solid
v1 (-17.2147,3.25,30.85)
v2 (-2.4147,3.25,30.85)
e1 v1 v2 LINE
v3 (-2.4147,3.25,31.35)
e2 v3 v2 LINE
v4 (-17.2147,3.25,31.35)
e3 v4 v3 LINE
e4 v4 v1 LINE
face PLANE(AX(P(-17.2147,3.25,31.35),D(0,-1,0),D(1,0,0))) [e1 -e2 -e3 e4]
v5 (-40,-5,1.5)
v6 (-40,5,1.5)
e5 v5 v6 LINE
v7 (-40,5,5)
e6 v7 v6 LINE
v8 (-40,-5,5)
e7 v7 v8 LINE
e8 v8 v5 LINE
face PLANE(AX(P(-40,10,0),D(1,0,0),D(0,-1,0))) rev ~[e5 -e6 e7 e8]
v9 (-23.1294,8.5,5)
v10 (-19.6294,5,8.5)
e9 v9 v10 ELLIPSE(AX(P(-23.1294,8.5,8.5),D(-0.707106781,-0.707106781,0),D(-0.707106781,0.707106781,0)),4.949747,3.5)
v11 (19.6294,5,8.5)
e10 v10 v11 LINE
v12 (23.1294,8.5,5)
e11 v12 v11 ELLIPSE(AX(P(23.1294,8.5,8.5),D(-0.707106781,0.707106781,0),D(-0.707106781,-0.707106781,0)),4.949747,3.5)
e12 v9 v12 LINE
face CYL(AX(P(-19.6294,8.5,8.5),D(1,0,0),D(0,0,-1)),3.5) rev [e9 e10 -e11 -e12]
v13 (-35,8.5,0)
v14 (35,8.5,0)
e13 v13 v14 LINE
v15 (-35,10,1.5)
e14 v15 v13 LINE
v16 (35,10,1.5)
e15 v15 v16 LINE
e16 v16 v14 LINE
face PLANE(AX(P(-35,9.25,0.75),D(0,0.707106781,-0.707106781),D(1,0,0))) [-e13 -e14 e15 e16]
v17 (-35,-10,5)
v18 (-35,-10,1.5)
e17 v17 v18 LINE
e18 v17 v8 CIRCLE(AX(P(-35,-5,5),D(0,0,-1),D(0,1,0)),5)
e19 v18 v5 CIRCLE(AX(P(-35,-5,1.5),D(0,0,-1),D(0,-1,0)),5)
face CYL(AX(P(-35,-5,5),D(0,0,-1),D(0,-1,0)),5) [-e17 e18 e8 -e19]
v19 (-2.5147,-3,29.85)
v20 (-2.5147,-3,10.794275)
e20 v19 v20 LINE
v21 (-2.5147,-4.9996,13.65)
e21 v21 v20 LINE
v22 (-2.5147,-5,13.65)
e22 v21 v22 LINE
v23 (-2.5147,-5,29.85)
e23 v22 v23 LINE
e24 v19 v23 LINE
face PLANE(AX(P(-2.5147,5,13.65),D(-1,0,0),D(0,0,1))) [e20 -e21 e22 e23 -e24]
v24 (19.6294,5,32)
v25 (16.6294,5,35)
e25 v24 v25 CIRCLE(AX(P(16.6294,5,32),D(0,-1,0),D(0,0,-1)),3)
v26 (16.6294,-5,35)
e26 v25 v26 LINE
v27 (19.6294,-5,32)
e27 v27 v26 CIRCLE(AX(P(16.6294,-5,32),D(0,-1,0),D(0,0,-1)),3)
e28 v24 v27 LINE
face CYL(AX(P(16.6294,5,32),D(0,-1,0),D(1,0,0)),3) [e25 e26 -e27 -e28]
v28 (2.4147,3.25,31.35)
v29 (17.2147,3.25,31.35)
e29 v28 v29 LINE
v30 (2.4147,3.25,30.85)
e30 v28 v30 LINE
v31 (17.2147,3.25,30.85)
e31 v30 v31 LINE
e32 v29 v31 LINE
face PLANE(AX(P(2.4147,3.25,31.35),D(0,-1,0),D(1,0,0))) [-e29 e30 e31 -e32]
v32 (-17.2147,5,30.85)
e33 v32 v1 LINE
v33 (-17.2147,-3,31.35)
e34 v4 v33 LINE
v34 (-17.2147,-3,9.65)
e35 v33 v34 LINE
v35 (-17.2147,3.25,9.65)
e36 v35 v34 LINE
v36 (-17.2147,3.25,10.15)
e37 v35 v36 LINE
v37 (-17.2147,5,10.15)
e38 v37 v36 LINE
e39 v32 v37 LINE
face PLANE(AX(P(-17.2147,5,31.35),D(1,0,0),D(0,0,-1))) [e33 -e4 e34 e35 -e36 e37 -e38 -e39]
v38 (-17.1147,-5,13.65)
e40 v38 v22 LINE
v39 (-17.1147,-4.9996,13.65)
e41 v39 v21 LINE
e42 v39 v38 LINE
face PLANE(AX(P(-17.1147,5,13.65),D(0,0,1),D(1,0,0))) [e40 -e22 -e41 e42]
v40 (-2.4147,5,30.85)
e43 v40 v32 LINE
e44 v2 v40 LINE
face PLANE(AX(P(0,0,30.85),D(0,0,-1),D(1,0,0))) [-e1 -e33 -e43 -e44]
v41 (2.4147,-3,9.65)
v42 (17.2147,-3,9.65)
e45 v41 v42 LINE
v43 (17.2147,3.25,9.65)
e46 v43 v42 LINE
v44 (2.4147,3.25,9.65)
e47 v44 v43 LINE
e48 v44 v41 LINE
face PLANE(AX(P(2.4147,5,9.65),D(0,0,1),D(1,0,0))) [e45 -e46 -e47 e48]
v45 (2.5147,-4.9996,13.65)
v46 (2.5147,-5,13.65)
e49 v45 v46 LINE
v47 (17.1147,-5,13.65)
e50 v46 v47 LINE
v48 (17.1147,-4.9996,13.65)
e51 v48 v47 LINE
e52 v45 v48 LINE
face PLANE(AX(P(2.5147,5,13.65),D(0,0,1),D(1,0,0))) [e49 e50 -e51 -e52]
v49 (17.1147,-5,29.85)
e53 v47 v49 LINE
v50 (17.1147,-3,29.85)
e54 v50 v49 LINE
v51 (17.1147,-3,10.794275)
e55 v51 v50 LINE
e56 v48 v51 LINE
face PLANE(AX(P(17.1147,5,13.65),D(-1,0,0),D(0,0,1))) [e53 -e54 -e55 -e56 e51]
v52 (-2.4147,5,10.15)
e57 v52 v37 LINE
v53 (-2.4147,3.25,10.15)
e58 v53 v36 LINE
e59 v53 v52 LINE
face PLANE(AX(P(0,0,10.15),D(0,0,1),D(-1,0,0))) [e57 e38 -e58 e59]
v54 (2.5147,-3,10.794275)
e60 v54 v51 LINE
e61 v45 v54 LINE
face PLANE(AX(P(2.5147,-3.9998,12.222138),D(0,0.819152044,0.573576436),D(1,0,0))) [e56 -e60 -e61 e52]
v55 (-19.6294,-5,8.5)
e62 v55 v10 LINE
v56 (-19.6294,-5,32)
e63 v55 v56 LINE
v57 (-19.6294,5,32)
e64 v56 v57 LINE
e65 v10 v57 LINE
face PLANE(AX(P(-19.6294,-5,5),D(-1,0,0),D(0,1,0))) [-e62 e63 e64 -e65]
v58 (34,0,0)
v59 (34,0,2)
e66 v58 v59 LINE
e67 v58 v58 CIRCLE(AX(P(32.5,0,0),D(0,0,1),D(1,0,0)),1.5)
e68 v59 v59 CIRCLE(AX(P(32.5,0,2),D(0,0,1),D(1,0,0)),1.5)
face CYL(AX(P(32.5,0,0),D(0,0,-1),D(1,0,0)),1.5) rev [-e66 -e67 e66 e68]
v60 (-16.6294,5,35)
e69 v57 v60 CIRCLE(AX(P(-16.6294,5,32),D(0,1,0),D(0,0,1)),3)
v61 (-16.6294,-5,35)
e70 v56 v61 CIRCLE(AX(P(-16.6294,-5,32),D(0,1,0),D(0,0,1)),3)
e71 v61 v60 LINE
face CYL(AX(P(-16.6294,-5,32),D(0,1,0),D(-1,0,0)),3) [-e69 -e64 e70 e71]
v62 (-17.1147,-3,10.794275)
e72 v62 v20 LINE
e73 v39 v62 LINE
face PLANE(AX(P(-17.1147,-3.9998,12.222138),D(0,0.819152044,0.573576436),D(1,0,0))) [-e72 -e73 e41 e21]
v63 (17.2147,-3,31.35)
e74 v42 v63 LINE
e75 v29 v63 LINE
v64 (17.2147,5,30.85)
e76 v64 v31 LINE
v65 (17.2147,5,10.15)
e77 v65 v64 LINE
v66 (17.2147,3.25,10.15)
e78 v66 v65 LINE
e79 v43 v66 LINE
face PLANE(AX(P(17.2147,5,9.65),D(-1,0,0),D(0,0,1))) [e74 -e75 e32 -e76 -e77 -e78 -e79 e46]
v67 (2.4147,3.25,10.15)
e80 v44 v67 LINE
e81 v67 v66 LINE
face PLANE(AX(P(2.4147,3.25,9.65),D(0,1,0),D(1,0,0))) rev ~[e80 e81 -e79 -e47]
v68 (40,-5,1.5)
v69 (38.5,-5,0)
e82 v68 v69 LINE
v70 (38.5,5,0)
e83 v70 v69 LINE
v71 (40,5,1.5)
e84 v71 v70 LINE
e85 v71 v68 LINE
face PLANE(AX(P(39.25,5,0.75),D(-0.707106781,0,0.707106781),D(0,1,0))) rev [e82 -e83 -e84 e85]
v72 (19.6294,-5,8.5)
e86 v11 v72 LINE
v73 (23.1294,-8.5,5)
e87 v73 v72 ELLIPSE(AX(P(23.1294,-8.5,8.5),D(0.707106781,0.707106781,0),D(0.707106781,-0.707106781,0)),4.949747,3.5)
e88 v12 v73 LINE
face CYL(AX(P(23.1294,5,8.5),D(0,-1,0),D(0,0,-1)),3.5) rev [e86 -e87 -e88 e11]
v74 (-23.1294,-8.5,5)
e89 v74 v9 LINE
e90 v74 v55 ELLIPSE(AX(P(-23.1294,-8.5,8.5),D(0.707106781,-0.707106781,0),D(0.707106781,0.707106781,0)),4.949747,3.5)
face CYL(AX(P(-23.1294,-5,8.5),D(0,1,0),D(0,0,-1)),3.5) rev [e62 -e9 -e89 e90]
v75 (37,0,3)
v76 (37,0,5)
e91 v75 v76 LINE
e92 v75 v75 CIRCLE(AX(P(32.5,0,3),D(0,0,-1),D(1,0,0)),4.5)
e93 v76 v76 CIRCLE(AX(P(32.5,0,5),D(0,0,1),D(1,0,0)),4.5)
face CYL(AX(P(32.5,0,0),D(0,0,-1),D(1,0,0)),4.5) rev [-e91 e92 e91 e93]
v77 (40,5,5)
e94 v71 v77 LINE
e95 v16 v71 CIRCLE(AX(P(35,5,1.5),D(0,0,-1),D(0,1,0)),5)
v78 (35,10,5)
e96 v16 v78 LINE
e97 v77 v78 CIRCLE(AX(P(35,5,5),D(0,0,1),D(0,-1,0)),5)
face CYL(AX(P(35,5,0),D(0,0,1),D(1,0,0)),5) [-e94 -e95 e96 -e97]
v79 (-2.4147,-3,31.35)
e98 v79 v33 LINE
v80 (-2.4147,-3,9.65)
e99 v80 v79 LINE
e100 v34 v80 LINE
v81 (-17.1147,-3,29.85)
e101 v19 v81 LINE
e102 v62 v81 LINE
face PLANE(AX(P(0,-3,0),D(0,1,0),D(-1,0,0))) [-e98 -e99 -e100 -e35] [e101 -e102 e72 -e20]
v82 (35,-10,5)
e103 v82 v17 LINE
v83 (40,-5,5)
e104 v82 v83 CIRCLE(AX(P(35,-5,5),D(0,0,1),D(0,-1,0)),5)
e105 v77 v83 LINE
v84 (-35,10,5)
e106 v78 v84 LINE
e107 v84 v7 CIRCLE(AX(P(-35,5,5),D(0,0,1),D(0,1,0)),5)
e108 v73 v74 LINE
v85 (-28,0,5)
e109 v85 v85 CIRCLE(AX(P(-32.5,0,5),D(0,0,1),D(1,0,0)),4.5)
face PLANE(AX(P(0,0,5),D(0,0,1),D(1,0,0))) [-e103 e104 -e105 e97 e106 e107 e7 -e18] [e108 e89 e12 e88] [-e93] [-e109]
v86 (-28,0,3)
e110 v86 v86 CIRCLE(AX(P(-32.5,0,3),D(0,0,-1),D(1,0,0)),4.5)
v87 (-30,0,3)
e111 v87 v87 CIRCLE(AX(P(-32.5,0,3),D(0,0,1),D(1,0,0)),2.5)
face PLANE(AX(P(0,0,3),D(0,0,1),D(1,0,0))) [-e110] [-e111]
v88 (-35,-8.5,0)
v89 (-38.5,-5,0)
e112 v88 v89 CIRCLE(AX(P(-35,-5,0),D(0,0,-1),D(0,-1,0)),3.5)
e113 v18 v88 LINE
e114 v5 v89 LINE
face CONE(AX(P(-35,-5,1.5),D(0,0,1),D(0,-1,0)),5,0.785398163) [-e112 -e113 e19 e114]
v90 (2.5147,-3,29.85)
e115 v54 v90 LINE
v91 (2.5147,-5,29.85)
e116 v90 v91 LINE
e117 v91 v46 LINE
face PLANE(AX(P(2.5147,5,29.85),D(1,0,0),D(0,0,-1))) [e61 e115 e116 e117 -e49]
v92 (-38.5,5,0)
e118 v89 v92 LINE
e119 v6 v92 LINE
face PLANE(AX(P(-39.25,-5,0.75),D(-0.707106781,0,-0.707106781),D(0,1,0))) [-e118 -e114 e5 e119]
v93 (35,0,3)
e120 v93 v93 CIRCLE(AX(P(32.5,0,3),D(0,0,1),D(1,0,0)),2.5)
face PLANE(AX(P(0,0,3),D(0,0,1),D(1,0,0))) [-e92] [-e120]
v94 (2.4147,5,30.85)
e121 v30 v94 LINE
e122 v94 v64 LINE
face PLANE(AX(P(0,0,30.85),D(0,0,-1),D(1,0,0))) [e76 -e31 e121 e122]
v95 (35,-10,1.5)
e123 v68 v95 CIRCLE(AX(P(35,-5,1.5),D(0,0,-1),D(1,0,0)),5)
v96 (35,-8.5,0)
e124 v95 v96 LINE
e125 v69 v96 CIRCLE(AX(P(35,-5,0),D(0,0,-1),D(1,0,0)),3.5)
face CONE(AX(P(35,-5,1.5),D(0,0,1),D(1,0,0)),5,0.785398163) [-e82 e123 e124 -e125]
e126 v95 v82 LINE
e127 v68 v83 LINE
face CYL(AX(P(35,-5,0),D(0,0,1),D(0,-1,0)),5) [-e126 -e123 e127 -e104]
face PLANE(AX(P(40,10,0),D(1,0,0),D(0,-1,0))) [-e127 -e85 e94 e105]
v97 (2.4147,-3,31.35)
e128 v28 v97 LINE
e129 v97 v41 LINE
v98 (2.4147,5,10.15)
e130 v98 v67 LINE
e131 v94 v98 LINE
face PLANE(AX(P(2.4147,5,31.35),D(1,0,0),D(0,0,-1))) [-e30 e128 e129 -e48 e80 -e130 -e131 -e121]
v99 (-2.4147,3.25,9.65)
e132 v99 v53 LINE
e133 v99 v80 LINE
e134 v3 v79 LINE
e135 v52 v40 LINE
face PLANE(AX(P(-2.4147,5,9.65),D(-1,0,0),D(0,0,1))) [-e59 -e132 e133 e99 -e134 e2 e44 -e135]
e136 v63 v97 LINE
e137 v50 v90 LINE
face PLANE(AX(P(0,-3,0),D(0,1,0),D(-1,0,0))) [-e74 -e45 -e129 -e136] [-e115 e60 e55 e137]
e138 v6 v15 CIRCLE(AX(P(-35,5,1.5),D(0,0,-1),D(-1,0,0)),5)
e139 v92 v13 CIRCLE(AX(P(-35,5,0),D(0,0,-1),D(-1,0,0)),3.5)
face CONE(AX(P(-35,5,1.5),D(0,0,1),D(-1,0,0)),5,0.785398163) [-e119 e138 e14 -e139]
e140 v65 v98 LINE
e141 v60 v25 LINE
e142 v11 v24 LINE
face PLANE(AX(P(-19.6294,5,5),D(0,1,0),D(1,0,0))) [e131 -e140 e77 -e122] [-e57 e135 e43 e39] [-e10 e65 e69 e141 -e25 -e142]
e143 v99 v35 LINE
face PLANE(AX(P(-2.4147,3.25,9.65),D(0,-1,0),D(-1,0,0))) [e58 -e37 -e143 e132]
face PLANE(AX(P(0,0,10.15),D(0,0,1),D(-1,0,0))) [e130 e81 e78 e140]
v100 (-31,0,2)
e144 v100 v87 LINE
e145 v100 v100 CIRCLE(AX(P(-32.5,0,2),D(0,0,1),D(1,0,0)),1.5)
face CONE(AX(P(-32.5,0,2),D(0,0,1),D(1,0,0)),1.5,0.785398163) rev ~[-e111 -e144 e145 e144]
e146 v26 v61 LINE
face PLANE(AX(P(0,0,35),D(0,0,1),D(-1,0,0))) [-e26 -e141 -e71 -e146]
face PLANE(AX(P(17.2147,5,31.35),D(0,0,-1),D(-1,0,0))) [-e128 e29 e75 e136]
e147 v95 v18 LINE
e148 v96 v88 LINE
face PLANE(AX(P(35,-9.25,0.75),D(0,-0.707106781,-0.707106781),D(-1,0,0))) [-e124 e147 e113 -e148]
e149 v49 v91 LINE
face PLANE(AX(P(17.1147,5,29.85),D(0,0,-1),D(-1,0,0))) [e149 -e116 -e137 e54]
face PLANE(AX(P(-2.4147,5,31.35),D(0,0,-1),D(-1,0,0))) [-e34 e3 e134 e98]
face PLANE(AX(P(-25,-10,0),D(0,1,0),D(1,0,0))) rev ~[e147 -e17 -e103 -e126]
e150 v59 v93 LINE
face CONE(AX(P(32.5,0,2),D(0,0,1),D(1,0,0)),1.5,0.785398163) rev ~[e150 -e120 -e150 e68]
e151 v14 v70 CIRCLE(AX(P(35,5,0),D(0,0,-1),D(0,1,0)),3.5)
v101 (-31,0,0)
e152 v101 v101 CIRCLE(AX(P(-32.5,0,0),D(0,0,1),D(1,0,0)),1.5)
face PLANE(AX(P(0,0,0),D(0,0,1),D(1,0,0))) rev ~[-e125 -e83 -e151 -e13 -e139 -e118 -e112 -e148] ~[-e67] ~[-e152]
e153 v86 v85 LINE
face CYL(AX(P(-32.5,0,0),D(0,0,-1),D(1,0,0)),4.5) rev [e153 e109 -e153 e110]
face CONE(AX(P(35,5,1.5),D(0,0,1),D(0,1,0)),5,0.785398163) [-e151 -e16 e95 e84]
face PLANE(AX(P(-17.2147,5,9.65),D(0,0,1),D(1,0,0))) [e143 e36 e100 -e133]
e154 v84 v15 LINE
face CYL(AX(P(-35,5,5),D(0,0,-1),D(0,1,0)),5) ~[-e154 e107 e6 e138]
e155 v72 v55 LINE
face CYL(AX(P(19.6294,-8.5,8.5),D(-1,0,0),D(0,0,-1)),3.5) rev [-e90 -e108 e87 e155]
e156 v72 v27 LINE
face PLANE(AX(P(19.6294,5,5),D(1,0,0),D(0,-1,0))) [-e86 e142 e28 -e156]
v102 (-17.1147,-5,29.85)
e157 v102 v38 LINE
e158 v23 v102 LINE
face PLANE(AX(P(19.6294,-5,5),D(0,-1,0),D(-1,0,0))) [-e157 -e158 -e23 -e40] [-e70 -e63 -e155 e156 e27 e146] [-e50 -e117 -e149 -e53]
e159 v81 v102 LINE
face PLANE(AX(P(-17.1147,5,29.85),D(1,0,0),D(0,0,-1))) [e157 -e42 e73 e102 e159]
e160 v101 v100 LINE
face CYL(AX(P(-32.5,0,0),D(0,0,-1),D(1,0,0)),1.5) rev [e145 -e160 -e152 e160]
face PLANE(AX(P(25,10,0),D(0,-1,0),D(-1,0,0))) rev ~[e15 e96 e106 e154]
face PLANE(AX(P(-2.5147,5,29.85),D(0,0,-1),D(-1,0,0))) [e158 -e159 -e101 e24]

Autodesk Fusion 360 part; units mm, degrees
sketch "Sketch1" plane through (0, 0, 0) normal (0, 0, 1) x (1, 0, 0)
  line L0 (0, 0) -> (-25, 0) construction
  line L1 (0, 0) -> (25, 0) construction
  line L2 (25, 0) -> (25, 10)
  line L3 (25, 0) -> (25, -10)
  line L4 (25, 10) -> (-25, 10)
  line L5 (-25, 10) -> (-25, 0)
  line L6 (-25, 0) -> (-25, -10)
  line L7 (-25, -10) -> (25, -10)
  line L8 (25, 10) -> (40, 10)
  line L9 (40, 10) -> (40, -10)
  line L10 (40, -10) -> (25, -10)
  line L11 (-25, 10) -> (-40, 10)
  line L12 (-40, 10) -> (-40, -10)
  line L13 (-40, -10) -> (-25, -10)
  line L14 (-40, -10) -> (-25, 10) construction
  line L15 (-40, 10) -> (-25, -10) construction
  line L16 (25, -10) -> (40, 10) construction
  line L17 (25, 10) -> (40, -10) construction
  circle A0 centre (-32.5, 0) radius 1.5
  circle A1 centre (-32.5, 0) radius 4.5
  circle A2 centre (32.5, 0) radius 1.5
  circle A3 centre (32.5, 0) radius 4.5
  dimension "d6" = 20
  dimension "d7" = 50
  dimension "d8" = 15
  dimension "d9" = 15
  dimension "d10" = 3
  dimension "d11" = 9
  dimension "d12" = 3
  dimension "d13" = 9
extrude "Extrude3" add sketch "Sketch1" along normal blind 5 contours L2 L3 L4 L5 L6 L7
extrude "Extrude2" add sketch "Sketch1" along normal blind 5 contours L2 L3 L4 L5 L6 L7 | L2 L3 L8 L9 L10 | L5 L6 L11 L12 L13
extrude "Extrude1" add sketch "Sketch1" along normal blind 3 contours L2 L3 L4 L5 L6 L7 | L2 L3 L8 L9 L10 | L5 L6 L11 L12 L13 | A1 | A3
chamfer "Chamfer4" distance 1 angle 45 2 edges at (-33.8985, 0.5424, 3) (31.1015, 0.5424, 3)
fillet "Fillet1" radius 5 4 edges at (40, 10, 2.5) (-40, 10, 2.5) (-40, -10, 2.5) (40, -10, 2.5)
sketch "Sketch2" plane through (0, 0, 5) normal (0, 0, 1) x (-1, 0, 0)
  line L0 (35, 10) -> (-35, 10)
  line L1 (-35, -10) -> (35, -10)
  line L2 (19.6294, -5) -> (-19.6294, -5)
  line L3 (-19.6294, -5) -> (-19.6294, 5)
  line L4 (-19.6294, 5) -> (19.6294, 5)
  line L5 (19.6294, 5) -> (19.6294, -5)
  line L6 (-25, -10) -> (25, -10)
  line L7 (25, 10) -> (-25, 10)
  circle A0 centre (32.5, 0) radius 4.5
  circle A1 centre (-32.5, 0) radius 4.5
  arc A2 (40, 5) -> (35, 10) centre (35, 5) ccw
  line L8 (-40, 5) -> (-40, -5)
  arc A3 (-40, -5) -> (-35, -10) centre (-35, -5) ccw
  arc A4 (35, -10) -> (40, -5) centre (35, -5) ccw
  line L9 (40, -5) -> (40, 5)
  arc A5 (-35, 10) -> (-40, 5) centre (-35, 5) ccw
  dimension "d26" = 5
  dimension "d27" = 5
extrude "Extrude4" add sketch "Sketch2" along normal blind 30 contours L2 L3 L4 L5
fillet "Fillet4" radius 3.5 4 edges at (19.6294, 0, 5) (-19.6294, 0, 5) (0, 5, 5) (0, -5, 5)
fillet "Fillet5" radius 3 2 edges at (-19.6294, 0, 35) (19.6294, 0, 35)
sketch "Sketch3" plane through (0, 5, 0) normal (0, 1, 0) x (-1, 0, 0)
  line L0 (-19.6294, 8.5) -> (19.6294, 8.5)
  line L1 (19.6294, 8.5) -> (19.6294, 32)
  line L2 (16.6294, 35) -> (-16.6294, 35)
  line L3 (-19.6294, 32) -> (-19.6294, 8.5)
  line L4 (0, 35) -> (0, 0) construction
  line L5 (-17.1147, 29.85) -> (-2.5147, 29.85)
  line L6 (-2.5147, 29.85) -> (-2.5147, 13.65)
  line L7 (-2.5147, 13.65) -> (-17.1147, 13.65)
  line L8 (-17.1147, 13.65) -> (-17.1147, 29.85)
  line L9 (2.5147, 29.85) -> (17.1147, 29.85)
  line L10 (17.1147, 29.85) -> (17.1147, 13.65)
  line L11 (17.1147, 13.65) -> (2.5147, 13.65)
  line L12 (2.5147, 13.65) -> (2.5147, 29.85)
  line L13 (-2.5147, 29.85) -> (0, 29.85) construction
  line L14 (-17.1147, 29.85) -> (-19.6294, 29.85) construction
  line L15 (-2.5147, 29.85) -> (-2.5147, 35) construction
  line L16 (-17.1147, 13.65) -> (-17.1147, 8.5) construction
  line L17 (2.5147, 29.85) -> (2.5147, 35) construction
  line L18 (17.1147, 13.65) -> (17.1147, 8.5) construction
  line L19 (0, 29.85) -> (2.5147, 29.85) construction
  line L20 (17.1147, 13.65) -> (19.6294, 13.65) construction
  arc A0 (-16.6294, 35) -> (-19.6294, 32) centre (-16.6294, 32) ccw
  arc A1 (19.6294, 32) -> (16.6294, 35) centre (16.6294, 32) ccw
  dimension "d31" = 14.6
  dimension "d32" = 16.2
extrude "Extrude5" cut sketch "Sketch3" against normal blind 10 contours L5 L6 L7 L8 | L9 L10 L11 L12
sketch "Sketch4" plane through (0, 5, 0) normal (0, 1, 0) x (-1, 0, 0)
  line L0 (-2.5147, 29.85) -> (-2.5147, 13.65)
  line L1 (-2.5147, 13.65) -> (-17.1147, 13.65)
  line L2 (-17.1147, 13.65) -> (-17.1147, 29.85)
  line L3 (-17.1147, 29.85) -> (-2.5147, 29.85)
  line L4 (17.1147, 29.85) -> (17.1147, 13.65)
  line L5 (17.1147, 13.65) -> (2.5147, 13.65)
  line L6 (2.5147, 13.65) -> (2.5147, 29.85)
  line L7 (2.5147, 29.85) -> (17.1147, 29.85)
  arc A0 (-16.6294, 35) -> (-19.6294, 32) centre (-16.6294, 32) ccw
  line L8 (-19.6294, 32) -> (-19.6294, 8.5)
  line L9 (-19.6294, 8.5) -> (19.6294, 8.5)
  line L10 (19.6294, 8.5) -> (19.6294, 32)
  arc A1 (19.6294, 32) -> (16.6294, 35) centre (16.6294, 32) ccw
  line L11 (16.6294, 35) -> (-16.6294, 35)
  line L12 (-2.5147, 29.85) -> (-2.5147, 13.65)
  line L13 (-17.1147, 29.85) -> (-2.5147, 29.85)
  line L14 (-17.1147, 13.65) -> (-17.1147, 29.85)
  line L15 (-2.5147, 13.65) -> (-17.1147, 13.65)
  line L16 (17.1147, 29.85) -> (17.1147, 13.65)
  line L17 (17.1147, 13.65) -> (2.5147, 13.65)
  line L18 (2.5147, 13.65) -> (2.5147, 29.85)
  line L19 (2.5147, 29.85) -> (17.1147, 29.85)
  line L20 (-17.2147, 31.35) -> (-2.4147, 31.35)
  line L21 (-2.4147, 31.35) -> (-2.4147, 9.65)
  line L22 (-2.4147, 9.65) -> (-17.2147, 9.65)
  line L23 (-17.2147, 9.65) -> (-17.2147, 31.35)
  line L24 (2.4147, 31.35) -> (17.2147, 31.35)
  line L25 (17.2147, 31.35) -> (17.2147, 9.65)
  line L26 (17.2147, 9.65) -> (2.4147, 9.65)
  line L27 (2.4147, 9.65) -> (2.4147, 31.35)
  dimension "d38" = 4
  dimension "d39" = 0.1
  dimension "d40" = 0.1
  dimension "d41" = 1.5
  dimension "d42" = 0.1
  dimension "d43" = 0.1
  dimension "d44" = 4
  dimension "d45" = 1.5
extrude "Extrude6" cut sketch "Sketch4" against normal blind 8 contours L20 L21 L22 L23 | L24 L25 L26 L27
sketch "Sketch5" plane through (0, 0, 9.65) normal (0, 0, 1) x (-1, 0, 0)
  line L0 (-17.2147, -5) -> (-2.4147, -5)
  line L1 (-2.4147, -5) -> (-2.4147, 3)
  line L2 (-2.4147, 3) -> (-17.2147, 3)
  line L3 (-17.2147, 3) -> (-17.2147, -5)
  line L4 (-17.1147, 3) -> (-2.5147, 3)
  line L5 (-2.5147, 3) -> (-2.5147, 5)
  line L6 (-2.5147, 5) -> (-17.1147, 5)
  line L7 (-17.1147, 5) -> (-17.1147, 3)
  line L8 (2.4147, -5) -> (17.2147, -5)
  line L9 (17.2147, -5) -> (17.2147, 3)
  line L10 (17.2147, 3) -> (2.4147, 3)
  line L11 (2.4147, 3) -> (2.4147, -5)
  line L12 (2.5147, 3) -> (17.1147, 3)
  line L13 (17.1147, 3) -> (17.1147, 5)
  line L14 (17.1147, 5) -> (2.5147, 5)
  line L15 (2.5147, 5) -> (2.5147, 3)
  line L16 (2.4147, -3.25) -> (17.2147, -3.25)
  line L17 (-2.4147, -3.25) -> (-17.2147, -3.25)
  dimension "d49" = 8.25
  dimension "d50" = 8.25
extrude "Extrude7" add sketch "Sketch5" along normal blind 0.5 contours L0 L1 L3 L17 | L8 L9 L11 L16
sketch "Sketch6" plane through (0, 0, 31.35) normal (0, 0, -1) x (1, 0, 0)
  line L0 (2.4147, -5) -> (17.2147, -5)
  line L1 (17.2147, -5) -> (17.2147, 3)
  line L2 (17.2147, 3) -> (2.4147, 3)
  line L3 (2.4147, 3) -> (2.4147, -5)
  line L4 (-2.4147, -5) -> (-17.2147, -5)
  line L5 (-17.2147, -5) -> (-17.2147, -3.25)
  line L6 (-17.2147, -3.25) -> (-2.4147, -3.25)
  line L7 (-2.4147, -3.25) -> (-2.4147, -5)
  line L8 (2.4147, -3.25) -> (17.2147, -3.25)
  line L9 (17.2147, -3.25) -> (17.2147, -5)
  line L10 (17.2147, -5) -> (2.4147, -5)
  line L11 (2.4147, -5) -> (2.4147, -3.25)
extrude "Extrude8" add sketch "Sketch6" along normal blind 0.5 contours L0 L1 L3 L8 L9 L10 L11 | L4 L5 L6 L7
chamfer "Chamfer2" distance 2 angle 55 2 edges at (9.8147, -3, 13.65) (-9.8147, -3, 13.65) measured on face at (7.3814, -3.6667, 13.65) measured on face at (-12.2481, -3.6667, 13.65)
chamfer "Chamfer3" distance 1.5 angle 45 8 edges at (40, 0, 0) (38.5355, 8.5355, 0) (0, 10, 0) (-38.5355, 8.5355, 0) (-40, 0, 0) (-38.5355, -8.5355, 0) (0, -10, 0) (38.5355, -8.5355, 0)
